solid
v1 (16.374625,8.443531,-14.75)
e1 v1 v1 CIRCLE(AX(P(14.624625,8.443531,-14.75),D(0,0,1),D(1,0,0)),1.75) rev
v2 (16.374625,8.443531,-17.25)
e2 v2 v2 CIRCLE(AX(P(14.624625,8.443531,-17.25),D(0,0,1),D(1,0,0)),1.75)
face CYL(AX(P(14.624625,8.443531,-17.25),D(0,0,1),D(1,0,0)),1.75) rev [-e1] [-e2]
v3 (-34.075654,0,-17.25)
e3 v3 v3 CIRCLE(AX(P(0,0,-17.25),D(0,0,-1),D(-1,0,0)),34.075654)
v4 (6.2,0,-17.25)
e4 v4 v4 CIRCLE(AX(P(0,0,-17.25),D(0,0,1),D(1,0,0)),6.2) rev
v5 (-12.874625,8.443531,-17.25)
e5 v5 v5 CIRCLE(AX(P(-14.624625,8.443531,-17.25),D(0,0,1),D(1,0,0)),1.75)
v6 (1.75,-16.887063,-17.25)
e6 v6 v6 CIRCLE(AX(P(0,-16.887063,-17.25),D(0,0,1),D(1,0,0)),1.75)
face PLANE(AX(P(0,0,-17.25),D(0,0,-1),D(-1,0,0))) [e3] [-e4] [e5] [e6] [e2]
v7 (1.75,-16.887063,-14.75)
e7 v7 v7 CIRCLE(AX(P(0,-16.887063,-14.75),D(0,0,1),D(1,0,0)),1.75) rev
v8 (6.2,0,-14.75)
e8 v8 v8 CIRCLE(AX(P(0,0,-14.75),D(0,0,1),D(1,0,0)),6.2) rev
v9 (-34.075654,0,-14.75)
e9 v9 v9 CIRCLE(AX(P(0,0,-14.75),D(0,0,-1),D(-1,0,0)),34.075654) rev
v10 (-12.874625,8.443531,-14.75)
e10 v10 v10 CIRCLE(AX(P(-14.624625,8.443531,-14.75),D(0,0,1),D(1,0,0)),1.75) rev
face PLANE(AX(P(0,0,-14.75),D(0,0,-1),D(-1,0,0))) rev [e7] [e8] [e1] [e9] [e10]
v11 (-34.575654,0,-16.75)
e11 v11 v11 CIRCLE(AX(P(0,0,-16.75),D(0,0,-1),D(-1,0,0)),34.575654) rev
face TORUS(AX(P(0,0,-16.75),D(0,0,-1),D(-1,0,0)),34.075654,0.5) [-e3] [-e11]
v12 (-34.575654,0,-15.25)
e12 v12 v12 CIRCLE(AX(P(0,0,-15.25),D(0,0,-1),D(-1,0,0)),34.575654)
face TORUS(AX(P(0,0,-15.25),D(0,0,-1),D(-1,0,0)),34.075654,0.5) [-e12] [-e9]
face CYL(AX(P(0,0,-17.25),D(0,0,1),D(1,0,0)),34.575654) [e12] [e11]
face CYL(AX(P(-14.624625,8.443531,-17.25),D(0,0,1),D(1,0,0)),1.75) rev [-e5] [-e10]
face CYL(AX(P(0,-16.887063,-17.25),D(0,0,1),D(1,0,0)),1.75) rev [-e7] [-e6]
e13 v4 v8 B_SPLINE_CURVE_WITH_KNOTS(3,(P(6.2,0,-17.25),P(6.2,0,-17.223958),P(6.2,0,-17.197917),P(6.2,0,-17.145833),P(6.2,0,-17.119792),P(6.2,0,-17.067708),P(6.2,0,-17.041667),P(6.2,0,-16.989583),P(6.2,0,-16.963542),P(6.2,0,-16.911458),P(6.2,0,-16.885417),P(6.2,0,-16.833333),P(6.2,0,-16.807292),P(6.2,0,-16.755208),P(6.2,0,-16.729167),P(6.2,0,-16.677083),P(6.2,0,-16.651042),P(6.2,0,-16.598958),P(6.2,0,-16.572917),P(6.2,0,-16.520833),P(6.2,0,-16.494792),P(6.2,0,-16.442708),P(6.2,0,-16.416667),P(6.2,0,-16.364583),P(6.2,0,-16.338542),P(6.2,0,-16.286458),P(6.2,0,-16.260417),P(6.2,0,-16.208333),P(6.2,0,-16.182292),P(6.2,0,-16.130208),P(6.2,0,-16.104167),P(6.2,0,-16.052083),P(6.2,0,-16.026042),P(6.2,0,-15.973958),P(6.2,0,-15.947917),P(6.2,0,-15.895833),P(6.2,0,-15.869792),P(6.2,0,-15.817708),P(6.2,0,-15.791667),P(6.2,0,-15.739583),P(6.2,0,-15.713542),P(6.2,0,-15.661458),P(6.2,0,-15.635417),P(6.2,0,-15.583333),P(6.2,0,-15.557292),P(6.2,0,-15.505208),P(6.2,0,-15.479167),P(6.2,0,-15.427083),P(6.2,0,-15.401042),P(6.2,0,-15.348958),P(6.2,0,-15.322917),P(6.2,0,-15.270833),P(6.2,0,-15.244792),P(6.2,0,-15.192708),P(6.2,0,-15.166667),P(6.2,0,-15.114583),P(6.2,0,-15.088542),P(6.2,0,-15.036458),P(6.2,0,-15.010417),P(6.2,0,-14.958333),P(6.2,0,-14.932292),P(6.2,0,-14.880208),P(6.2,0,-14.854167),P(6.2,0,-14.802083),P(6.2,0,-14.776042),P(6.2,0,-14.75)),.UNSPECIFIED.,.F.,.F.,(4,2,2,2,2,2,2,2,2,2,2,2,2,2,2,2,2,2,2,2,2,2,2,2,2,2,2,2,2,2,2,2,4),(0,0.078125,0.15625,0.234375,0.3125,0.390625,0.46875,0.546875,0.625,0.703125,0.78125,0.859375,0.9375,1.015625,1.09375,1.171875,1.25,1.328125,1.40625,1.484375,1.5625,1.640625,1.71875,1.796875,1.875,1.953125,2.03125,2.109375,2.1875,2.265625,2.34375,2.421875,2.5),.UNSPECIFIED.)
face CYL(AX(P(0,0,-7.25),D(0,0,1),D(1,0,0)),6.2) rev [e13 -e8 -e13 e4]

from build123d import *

# Parameters (mm, degrees)
BOSS_EXTRUDE1_DEPTH      = 7.25
BOSS_EXTRUDE1_DEPTH_BACK = 7.25
SKETCH7_R                = 29.575653678
CUT_EXTRUDE3_DEPTH       = 46.53502587
CUT_EXTRUDE3_DEPTH_BACK  = 46.53502587
SKETCH15_R               = 8.008120878
SKETCH15_R_2             = 2.25
BOSS_EXTRUDE2_DEPTH      = 5.5
SKETCH16_R               = 5
CUT_EXTRUDE4_DEPTH       = 3
BOSS_EXTRUDE3_START      = 7.5
SKETCH17_R               = 29.575653678
SKETCH17_R_2             = 5
BOSS_EXTRUDE3_DEPTH      = 7.5
CUT_EXTRUDE2_DEPTH       = 46.53502587
CUT_EXTRUDE2_DEPTH_BACK  = 46.53502587
FILLET2_R                = 0.51
BOSS_EXTRUDE4_START      = 2.5
SKETCH18_R               = 34.575653678
SKETCH18_R_2             = 29.575653678
SKETCH18_R_3             = 5
BOSS_EXTRUDE4_DEPTH      = 2.5
BOSS_EXTRUDE5_START      = -2.5
SKETCH19_R               = 34.575653678
SKETCH19_R_2             = 19
BOSS_EXTRUDE5_DEPTH      = 2.5
CUT_EXTRUDE5_DEPTH       = 61.27863763
FILLET3_R                = 0.5
SKETCH21_R               = 8.008120878
SKETCH21_R_2             = 6.2
SKETCH21_R_3             = 2.25
BOSS_EXTRUDE6_DEPTH      = 2.5
SKETCH21_4_R             = 8.008120878
SKETCH21_4_R_2           = 6.2
BOSS_EXTRUDE7_DEPTH      = 12
CUT_EXTRUDE7_DEPTH       = 10
CUT_EXTRUDE7_DEPTH_BACK  = 59.851628423
SKETCH23_R               = 1.75
CUT_EXTRUDE8_DEPTH       = 3
SKETCH25_R               = 1.75
BOSS_EXTRUDE8_DEPTH      = 0.2
CUT_EXTRUDE10_DEPTH      = 53.105198062
CUT_EXTRUDE10_DEPTH_BACK = 53.105198062
SKETCH22_W               = 69.151307356
SKETCH22_H               = 32.75


with BuildPart() as part:
    # Sketch7 → Boss-Extrude1 (new, two sides: drawn at the far end of the back side and taken through both)
    with BuildSketch(Plane.XY.offset(-BOSS_EXTRUDE1_DEPTH_BACK)):
        Circle(SKETCH7_R)
    extrude(amount=BOSS_EXTRUDE1_DEPTH + BOSS_EXTRUDE1_DEPTH_BACK)

    # Sketch14 → Revolve1 (revolve)
    with BuildSketch(Plane(origin=(0, 0, 0), x_dir=(0, 0, -1), z_dir=(1, 0, 0)), mode=Mode.PRIVATE) as revolve1_sk:
        Polygon((-18, 6.739517467), (-18, 0), (0, 0), (0, 19), (-3.355534752, 19), (-11.020158508, 12.583105693), align=None)
        with BuildLine():
            ThreePointArc((-7.25, 19), (-8.580081567, 15.465471544), (-11.020158508, 12.583105693))
            Line((-11.020158508, 12.583105693), (-3.355534752, 19))
            Line((-3.355534752, 19), (-7.25, 19))
        make_face()
        with BuildLine():
            Line((-18, 10), (-18, 6.739517467))
            Line((-18, 6.739517467), (-11.020158508, 12.583105693))
            ThreePointArc((-11.020158508, 12.583105693), (-14.286666254, 10.687865845), (-18, 10))
        make_face()
    revolve(revolve1_sk.sketch.rotate(Axis((0, 0, -36.129595921), (0, 0, 1)), 270), axis=Axis((0, 0, -36.129595921), (0, 0, 1)))

    # Sketch10 → Cut-Extrude3 (cut, two sides: drawn at the far end of the back side and taken through both)
    with BuildSketch(Plane.XY.offset(-CUT_EXTRUDE3_DEPTH_BACK)):
        with BuildLine():
            Line((2.2, 7.7), (-2.2, 7.7))
            Line((-2.2, 7.7), (-2.2, 5.796550698))
            ThreePointArc((-2.2, 5.796550698), (0, 6.2), (2.2, 5.796550698))
            Line((2.2, 5.796550698), (2.2, 7.7))
        make_face()
        with BuildLine():
            ThreePointArc((2.2, 5.796550698), (0, 6.2), (-2.2, 5.796550698))
            Line((-2.2, 5.796550698), (-2.2, 0))
            Line((-2.2, 0), (2.2, 0))
            Line((2.2, 0), (2.2, 5.796550698))
        make_face()
        with BuildLine():
            Line((-2.2, 0), (-2.2, 5.796550698))
            ThreePointArc((-2.2, 5.796550698), (-3.521363372, -5.102940329), (6.2, 0))
            ThreePointArc((6.2, 0), (5.102940329, 3.521363372), (2.2, 5.796550698))
            Line((2.2, 5.796550698), (2.2, 0))
            Line((2.2, 0), (-2.2, 0))
        make_face()
    extrude(amount=CUT_EXTRUDE3_DEPTH + CUT_EXTRUDE3_DEPTH_BACK, mode=Mode.SUBTRACT)

    # Sketch15 → Boss-Extrude2 (add)
    with BuildSketch(Plane(origin=(0, 0, -7.25), x_dir=(-1, 0, 0), z_dir=(0, 0, -1))):
        Circle(SKETCH15_R)
        Circle(SKETCH15_R_2, mode=Mode.SUBTRACT)
    extrude(amount=-BOSS_EXTRUDE2_DEPTH)

    # Sketch16 → Cut-Extrude4 (cut)
    with BuildSketch(Plane(origin=(0, 0, -7.25), x_dir=(-1, 0, 0), z_dir=(0, 0, -1))):
        Circle(SKETCH16_R)
    extrude(amount=-CUT_EXTRUDE4_DEPTH, mode=Mode.SUBTRACT)

    # Sketch17 → Boss-Extrude3 (add)
    with BuildSketch(Plane(origin=(0, 0, -7.25), x_dir=(-1, 0, 0), z_dir=(0, 0, -1)).offset(BOSS_EXTRUDE3_START)):
        with Locations(Location((0, 0, 0), (0, 0, 180))):
            Circle(SKETCH17_R)
        Circle(SKETCH17_R_2, mode=Mode.SUBTRACT)
    extrude(amount=-BOSS_EXTRUDE3_DEPTH)

    # Sketch8 → Cut-Extrude2 (cut, two sides: drawn at the far end of the back side and taken through both)
    with BuildSketch(Plane.XY.offset(-CUT_EXTRUDE2_DEPTH_BACK)):
        Polygon((-1.629816853, 27.574125652), (-2.358313477, 29.575653678), (2.358313477, 29.575653678), (1.629816853, 27.574125652), align=None)
        Polygon((6.970825494, 26.728192988), (6.896490207, 28.856877097), (11.382269006, 27.399359212), (10.07092137, 25.720910778), align=None)
        Polygon((14.889114872, 23.265918568), (15.476217378, 25.313388327), (19.29204874, 22.541024563), (17.526213935, 21.349953948), align=None)
        Polygon((21.349953948, 17.526213935), (22.541024563, 19.29204874), (25.313388327, 15.476217378), (23.265918568, 14.889114872), align=None)
        Polygon((25.720910778, 10.07092137), (27.399359212, 11.382269006), (28.856877097, 6.896490207), (26.728192988, 6.970825494), align=None)
        Polygon((27.574125652, 1.629816853), (29.575653678, 2.358313477), (29.575653678, -2.358313477), (27.574125652, -1.629816853), align=None)
        Polygon((26.728192988, -6.970825494), (28.856877097, -6.896490207), (27.399359212, -11.382269006), (25.720910778, -10.07092137), align=None)
        Polygon((23.265918568, -14.889114872), (25.313388327, -15.476217378), (22.541024563, -19.29204874), (21.349953948, -17.526213935), align=None)
        Polygon((17.526213935, -21.349953948), (19.29204874, -22.541024563), (15.476217378, -25.313388327), (14.889114872, -23.265918568), align=None)
        Polygon((10.07092137, -25.720910778), (11.382269006, -27.399359212), (6.896490207, -28.856877097), (6.970825494, -26.728192988), align=None)
        Polygon((1.629816853, -27.574125652), (2.358313477, -29.575653678), (-2.358313477, -29.575653678), (-1.629816853, -27.574125652), align=None)
        Polygon((-6.970825494, -26.728192988), (-6.896490207, -28.856877097), (-11.382269006, -27.399359212), (-10.07092137, -25.720910778), align=None)
        Polygon((-14.889114872, -23.265918568), (-15.476217378, -25.313388327), (-19.29204874, -22.541024563), (-17.526213935, -21.349953948), align=None)
        Polygon((-21.349953948, -17.526213935), (-22.541024563, -19.29204874), (-25.313388327, -15.476217378), (-23.265918568, -14.889114872), align=None)
        Polygon((-25.720910778, -10.07092137), (-27.399359212, -11.382269006), (-28.856877097, -6.896490207), (-26.728192988, -6.970825494), align=None)
        Polygon((-27.574125652, -1.629816853), (-29.575653678, -2.358313477), (-29.575653678, 2.358313477), (-27.574125652, 1.629816853), align=None)
        Polygon((-26.728192988, 6.970825494), (-28.856877097, 6.896490207), (-27.399359212, 11.382269006), (-25.720910778, 10.07092137), align=None)
        Polygon((-23.265918568, 14.889114872), (-25.313388327, 15.476217378), (-22.541024563, 19.29204874), (-21.349953948, 17.526213935), align=None)
        Polygon((-17.526213935, 21.349953948), (-19.29204874, 22.541024563), (-15.476217378, 25.313388327), (-14.889114872, 23.265918568), align=None)
        Polygon((-10.07092137, 25.720910778), (-11.382269006, 27.399359212), (-6.896490207, 28.856877097), (-6.970825494, 26.728192988), align=None)
    extrude(amount=CUT_EXTRUDE2_DEPTH + CUT_EXTRUDE2_DEPTH_BACK, mode=Mode.SUBTRACT)

    # Fillet2
    fillet2_edges = [part.edges().sort_by_distance(p)[0] for p in [
        (-27.322605317, -11.322302291, -3.75),
        (-28.759534341, -6.89988949, -3.75),
        (-26.728192988, -6.970825494, -3.75),
        (-25.720910778, -10.07092137, -3.75),
        (-22.486558005, -19.211298747, -3.75),
        (-25.219759429, -15.449369723, -3.75),
        (-23.265918568, -14.889114872, -3.75),
        (-21.349953948, -17.526213935, -3.75),
        (-15.449369723, -25.219759429, -3.75),
        (-19.211298747, -22.486558005, -3.75),
        (-17.526213935, -21.349953948, -3.75),
        (-14.889114872, -23.265918568, -3.75),
        (-6.89988949, -28.759534341, -3.75),
        (-11.322302291, -27.322605317, -3.75),
        (-10.07092137, -25.720910778, -3.75),
        (-6.970825494, -26.728192988, -3.75),
        (2.325, -29.484125652, -3.75),
        (-2.325, -29.484125652, -3.75),
        (-1.629816853, -27.574125652, -3.75),
        (1.629816853, -27.574125652, -3.75),
        (11.322302291, -27.322605317, -3.75),
        (6.89988949, -28.759534341, -3.75),
        (6.970825494, -26.728192988, -3.75),
        (10.07092137, -25.720910778, -3.75),
        (19.211298747, -22.486558005, -3.75),
        (15.449369723, -25.219759429, -3.75),
        (14.889114872, -23.265918568, -3.75),
        (17.526213935, -21.349953948, -3.75),
        (25.219759429, -15.449369723, -3.75),
        (22.486558005, -19.211298747, -3.75),
        (21.349953948, -17.526213935, -3.75),
        (23.265918568, -14.889114872, -3.75),
        (28.759534341, -6.89988949, -3.75),
        (27.322605317, -11.322302291, -3.75),
        (25.720910778, -10.07092137, -3.75),
        (26.728192988, -6.970825494, -3.75),
        (29.484125652, 2.325, -3.75),
        (29.484125652, -2.325, -3.75),
        (27.574125652, -1.629816853, -3.75),
        (27.574125652, 1.629816853, -3.75),
        (27.322605317, 11.322302291, -3.75),
        (28.759534341, 6.89988949, -3.75),
        (26.728192988, 6.970825494, -3.75),
        (25.720910778, 10.07092137, -3.75),
        (22.486558005, 19.211298747, -3.75),
        (25.219759429, 15.449369723, -3.75),
        (23.265918568, 14.889114872, -3.75),
        (21.349953948, 17.526213935, -3.75),
        (15.449369723, 25.219759429, -3.75),
        (19.211298747, 22.486558005, -3.75),
        (17.526213935, 21.349953948, -3.75),
        (14.889114872, 23.265918568, -3.75),
        (6.89988949, 28.759534341, -3.75),
        (11.322302291, 27.322605317, -3.75),
        (10.07092137, 25.720910778, -3.75),
        (6.970825494, 26.728192988, -3.75),
        (-28.759534341, 6.89988949, -3.75),
        (-27.322605317, 11.322302291, -3.75),
        (-25.720910778, 10.07092137, -3.75),
        (-26.728192988, 6.970825494, -3.75),
        (-29.484125652, -2.325, -3.75),
        (-29.484125652, 2.325, -3.75),
        (-27.574125652, 1.629816853, -3.75),
        (-27.574125652, -1.629816853, -3.75),
        (-25.219759429, 15.449369723, -3.75),
        (-22.486558005, 19.211298747, -3.75),
        (-21.349953948, 17.526213935, -3.75),
        (-23.265918568, 14.889114872, -3.75),
        (-19.211298747, 22.486558005, -3.75),
        (-15.449369723, 25.219759429, -3.75),
        (-14.889114872, 23.265918568, -3.75),
        (-17.526213935, 21.349953948, -3.75),
        (-11.322302291, 27.322605317, -3.75),
        (-6.89988949, 28.759534341, -3.75),
        (-6.970825494, 26.728192988, -3.75),
        (-10.07092137, 25.720910778, -3.75),
        (-2.325, 29.484125652, -3.75),
        (2.325, 29.484125652, -3.75),
        (1.629816853, 27.574125652, -3.75),
        (-1.629816853, 27.574125652, -3.75),
    ]]
    fillet(fillet2_edges, radius=FILLET2_R)

    # Sketch18 → Boss-Extrude4 (add)
    # profile 1 of 2: a face of its own
    with BuildSketch(Plane(origin=(0, 0, -14.75), x_dir=(-1, 0, 0), z_dir=(0, 0, -1)).offset(BOSS_EXTRUDE4_START)):
        Circle(SKETCH18_R)
        Circle(SKETCH18_R_2, mode=Mode.SUBTRACT)
    # profile 2 of 2: a face of its own
    with BuildSketch(Plane(origin=(0, 0, -14.75), x_dir=(-1, 0, 0), z_dir=(0, 0, -1)).offset(BOSS_EXTRUDE4_START)):
        Circle(SKETCH18_R_2)
        Circle(SKETCH18_R_3, mode=Mode.SUBTRACT)
    extrude(amount=-BOSS_EXTRUDE4_DEPTH)

    # Sketch19 → Boss-Extrude5 (add)
    with BuildSketch(Plane.XY.offset(7.25).offset(BOSS_EXTRUDE5_START)):
        with Locations(Location((0, 0, 0), (0, 0, 180))):
            Circle(SKETCH19_R)
        Circle(SKETCH19_R_2, mode=Mode.SUBTRACT)
    extrude(amount=BOSS_EXTRUDE5_DEPTH)

    # Sketch20 → Cut-Extrude5 (cut, through all)
    with BuildSketch(Plane.XY.offset(18)):
        with BuildLine():
            Line((-2.2, 7.7), (-2.2, 5.796550698))
            ThreePointArc((-2.2, 5.796550698), (0, 6.2), (2.2, 5.796550698))
            Line((2.2, 5.796550698), (2.2, 7.7))
            Line((2.2, 7.7), (-2.2, 7.7))
        make_face()
        with BuildLine():
            ThreePointArc((2.2, 5.796550698), (0, 6.2), (-2.2, 5.796550698))
            ThreePointArc((-2.2, 5.796550698), (-3.521363372, -5.102940329), (6.2, 0))
            ThreePointArc((6.2, 0), (5.102940329, 3.521363372), (2.2, 5.796550698))
        make_face()
    extrude(amount=-CUT_EXTRUDE5_DEPTH, mode=Mode.SUBTRACT)

    # Fillet3
    fillet3_edges = [part.edges().sort_by_distance(p)[0] for p in [
        (34.575653678, 0, 4.75),
        (34.575653678, 0, 7.25),
        (0, 7.7, 18),
        (2.2, 6.748275349, 18),
        (-2.2, 6.748275349, 18),
        (0, -6.2, 18),
        (2.2, 5.796550698, 0.375),
        (-2.2, 5.796550698, 0.375),
        (-19, 0, 7.25),
        (-10, 0, 18),
        (34.575653678, 0, -14.75),
        (34.575653678, 0, -17.25),
    ]]
    fillet(fillet3_edges, radius=FILLET3_R)

    # Sketch21 → Boss-Extrude6 (add)
    # profile 1 of 2: a face of its own
    with BuildSketch(Plane.XY.offset(-5.25)):
        Circle(SKETCH21_R)
        Circle(SKETCH21_R_2, mode=Mode.SUBTRACT)
    # profile 2 of 2: a face of its own
    with BuildSketch(Plane.XY.offset(-5.25)):
        Circle(SKETCH21_R_2)
        Circle(SKETCH21_R_3, mode=Mode.SUBTRACT)
    extrude(amount=-BOSS_EXTRUDE6_DEPTH)

    # Sketch21<4> → Boss-Extrude7 (add)
    with BuildSketch(Plane.XY.offset(-5.25)):
        Circle(SKETCH21_4_R)
        Circle(SKETCH21_4_R_2, mode=Mode.SUBTRACT)
    extrude(amount=-BOSS_EXTRUDE7_DEPTH)

    # Sketch23 → Cut-Extrude7 (cut, two sides: drawn at the far end of the back side and taken through both)
    with BuildSketch(Plane.XY.offset(-14.75).offset(-CUT_EXTRUDE7_DEPTH_BACK)):
        with Locations((0, -16.887062826)):
            Circle(SKETCH23_R)
        with Locations((-14.624625403, 8.443531413)):
            Circle(SKETCH23_R)
        with Locations((14.624625403, 8.443531413)):
            Circle(SKETCH23_R)
    extrude(amount=CUT_EXTRUDE7_DEPTH + CUT_EXTRUDE7_DEPTH_BACK, mode=Mode.SUBTRACT)

    # Sketch24 → Cut-Extrude8 (cut)
    with BuildSketch(Plane.XY.offset(-12.25)):
        Polygon((-14.624625403, 5.094899852), (-11.724625403, 6.769215632), (-11.724625403, 10.117847194), (-14.624625403, 11.792162974), (-17.524625403, 10.117847194), (-17.524625403, 6.769215632), align=None)
        Polygon((2.9, -18.561378607), (2.9, -15.212747045), (0, -13.538431265), (-2.9, -15.212747045), (-2.9, -18.561378607), (0, -20.235694387), align=None)
        Polygon((14.624625403, 5.094899852), (17.524625403, 6.769215632), (17.524625403, 10.117847194), (14.624625403, 11.792162974), (11.724625403, 10.117847194), (11.724625403, 6.769215632), align=None)
    extrude(amount=CUT_EXTRUDE8_DEPTH, mode=Mode.SUBTRACT)

    # Sketch25 → Boss-Extrude8 (add)
    with BuildSketch(Plane(origin=(0, 0, -9.25), x_dir=(-1, 0, 0), z_dir=(0, 0, -1))):
        with Locations(Location((0, -16.887062826, 0), (0, 0, 180))):
            Circle(SKETCH25_R)
        with Locations(Location((14.624625403, 8.443531413, 0), (0, 0, 180))):
            Circle(SKETCH25_R)
        with Locations(Location((-14.624625403, 8.443531413, 0), (0, 0, 180))):
            Circle(SKETCH25_R)
    extrude(amount=-BOSS_EXTRUDE8_DEPTH)

    # Sketch22 → Cut-Extrude10 (cut, two sides: drawn at the far end of the back side and taken through both)
    with BuildSketch(Plane(origin=(0, 0, 0), x_dir=(1, 0, 0), z_dir=(0, 1, 0)).offset(-CUT_EXTRUDE10_DEPTH_BACK)):
        with Locations((0, -1.625)):
            Rectangle(SKETCH22_W, SKETCH22_H)
    extrude(amount=CUT_EXTRUDE10_DEPTH + CUT_EXTRUDE10_DEPTH_BACK, mode=Mode.SUBTRACT)


solid = part.part
